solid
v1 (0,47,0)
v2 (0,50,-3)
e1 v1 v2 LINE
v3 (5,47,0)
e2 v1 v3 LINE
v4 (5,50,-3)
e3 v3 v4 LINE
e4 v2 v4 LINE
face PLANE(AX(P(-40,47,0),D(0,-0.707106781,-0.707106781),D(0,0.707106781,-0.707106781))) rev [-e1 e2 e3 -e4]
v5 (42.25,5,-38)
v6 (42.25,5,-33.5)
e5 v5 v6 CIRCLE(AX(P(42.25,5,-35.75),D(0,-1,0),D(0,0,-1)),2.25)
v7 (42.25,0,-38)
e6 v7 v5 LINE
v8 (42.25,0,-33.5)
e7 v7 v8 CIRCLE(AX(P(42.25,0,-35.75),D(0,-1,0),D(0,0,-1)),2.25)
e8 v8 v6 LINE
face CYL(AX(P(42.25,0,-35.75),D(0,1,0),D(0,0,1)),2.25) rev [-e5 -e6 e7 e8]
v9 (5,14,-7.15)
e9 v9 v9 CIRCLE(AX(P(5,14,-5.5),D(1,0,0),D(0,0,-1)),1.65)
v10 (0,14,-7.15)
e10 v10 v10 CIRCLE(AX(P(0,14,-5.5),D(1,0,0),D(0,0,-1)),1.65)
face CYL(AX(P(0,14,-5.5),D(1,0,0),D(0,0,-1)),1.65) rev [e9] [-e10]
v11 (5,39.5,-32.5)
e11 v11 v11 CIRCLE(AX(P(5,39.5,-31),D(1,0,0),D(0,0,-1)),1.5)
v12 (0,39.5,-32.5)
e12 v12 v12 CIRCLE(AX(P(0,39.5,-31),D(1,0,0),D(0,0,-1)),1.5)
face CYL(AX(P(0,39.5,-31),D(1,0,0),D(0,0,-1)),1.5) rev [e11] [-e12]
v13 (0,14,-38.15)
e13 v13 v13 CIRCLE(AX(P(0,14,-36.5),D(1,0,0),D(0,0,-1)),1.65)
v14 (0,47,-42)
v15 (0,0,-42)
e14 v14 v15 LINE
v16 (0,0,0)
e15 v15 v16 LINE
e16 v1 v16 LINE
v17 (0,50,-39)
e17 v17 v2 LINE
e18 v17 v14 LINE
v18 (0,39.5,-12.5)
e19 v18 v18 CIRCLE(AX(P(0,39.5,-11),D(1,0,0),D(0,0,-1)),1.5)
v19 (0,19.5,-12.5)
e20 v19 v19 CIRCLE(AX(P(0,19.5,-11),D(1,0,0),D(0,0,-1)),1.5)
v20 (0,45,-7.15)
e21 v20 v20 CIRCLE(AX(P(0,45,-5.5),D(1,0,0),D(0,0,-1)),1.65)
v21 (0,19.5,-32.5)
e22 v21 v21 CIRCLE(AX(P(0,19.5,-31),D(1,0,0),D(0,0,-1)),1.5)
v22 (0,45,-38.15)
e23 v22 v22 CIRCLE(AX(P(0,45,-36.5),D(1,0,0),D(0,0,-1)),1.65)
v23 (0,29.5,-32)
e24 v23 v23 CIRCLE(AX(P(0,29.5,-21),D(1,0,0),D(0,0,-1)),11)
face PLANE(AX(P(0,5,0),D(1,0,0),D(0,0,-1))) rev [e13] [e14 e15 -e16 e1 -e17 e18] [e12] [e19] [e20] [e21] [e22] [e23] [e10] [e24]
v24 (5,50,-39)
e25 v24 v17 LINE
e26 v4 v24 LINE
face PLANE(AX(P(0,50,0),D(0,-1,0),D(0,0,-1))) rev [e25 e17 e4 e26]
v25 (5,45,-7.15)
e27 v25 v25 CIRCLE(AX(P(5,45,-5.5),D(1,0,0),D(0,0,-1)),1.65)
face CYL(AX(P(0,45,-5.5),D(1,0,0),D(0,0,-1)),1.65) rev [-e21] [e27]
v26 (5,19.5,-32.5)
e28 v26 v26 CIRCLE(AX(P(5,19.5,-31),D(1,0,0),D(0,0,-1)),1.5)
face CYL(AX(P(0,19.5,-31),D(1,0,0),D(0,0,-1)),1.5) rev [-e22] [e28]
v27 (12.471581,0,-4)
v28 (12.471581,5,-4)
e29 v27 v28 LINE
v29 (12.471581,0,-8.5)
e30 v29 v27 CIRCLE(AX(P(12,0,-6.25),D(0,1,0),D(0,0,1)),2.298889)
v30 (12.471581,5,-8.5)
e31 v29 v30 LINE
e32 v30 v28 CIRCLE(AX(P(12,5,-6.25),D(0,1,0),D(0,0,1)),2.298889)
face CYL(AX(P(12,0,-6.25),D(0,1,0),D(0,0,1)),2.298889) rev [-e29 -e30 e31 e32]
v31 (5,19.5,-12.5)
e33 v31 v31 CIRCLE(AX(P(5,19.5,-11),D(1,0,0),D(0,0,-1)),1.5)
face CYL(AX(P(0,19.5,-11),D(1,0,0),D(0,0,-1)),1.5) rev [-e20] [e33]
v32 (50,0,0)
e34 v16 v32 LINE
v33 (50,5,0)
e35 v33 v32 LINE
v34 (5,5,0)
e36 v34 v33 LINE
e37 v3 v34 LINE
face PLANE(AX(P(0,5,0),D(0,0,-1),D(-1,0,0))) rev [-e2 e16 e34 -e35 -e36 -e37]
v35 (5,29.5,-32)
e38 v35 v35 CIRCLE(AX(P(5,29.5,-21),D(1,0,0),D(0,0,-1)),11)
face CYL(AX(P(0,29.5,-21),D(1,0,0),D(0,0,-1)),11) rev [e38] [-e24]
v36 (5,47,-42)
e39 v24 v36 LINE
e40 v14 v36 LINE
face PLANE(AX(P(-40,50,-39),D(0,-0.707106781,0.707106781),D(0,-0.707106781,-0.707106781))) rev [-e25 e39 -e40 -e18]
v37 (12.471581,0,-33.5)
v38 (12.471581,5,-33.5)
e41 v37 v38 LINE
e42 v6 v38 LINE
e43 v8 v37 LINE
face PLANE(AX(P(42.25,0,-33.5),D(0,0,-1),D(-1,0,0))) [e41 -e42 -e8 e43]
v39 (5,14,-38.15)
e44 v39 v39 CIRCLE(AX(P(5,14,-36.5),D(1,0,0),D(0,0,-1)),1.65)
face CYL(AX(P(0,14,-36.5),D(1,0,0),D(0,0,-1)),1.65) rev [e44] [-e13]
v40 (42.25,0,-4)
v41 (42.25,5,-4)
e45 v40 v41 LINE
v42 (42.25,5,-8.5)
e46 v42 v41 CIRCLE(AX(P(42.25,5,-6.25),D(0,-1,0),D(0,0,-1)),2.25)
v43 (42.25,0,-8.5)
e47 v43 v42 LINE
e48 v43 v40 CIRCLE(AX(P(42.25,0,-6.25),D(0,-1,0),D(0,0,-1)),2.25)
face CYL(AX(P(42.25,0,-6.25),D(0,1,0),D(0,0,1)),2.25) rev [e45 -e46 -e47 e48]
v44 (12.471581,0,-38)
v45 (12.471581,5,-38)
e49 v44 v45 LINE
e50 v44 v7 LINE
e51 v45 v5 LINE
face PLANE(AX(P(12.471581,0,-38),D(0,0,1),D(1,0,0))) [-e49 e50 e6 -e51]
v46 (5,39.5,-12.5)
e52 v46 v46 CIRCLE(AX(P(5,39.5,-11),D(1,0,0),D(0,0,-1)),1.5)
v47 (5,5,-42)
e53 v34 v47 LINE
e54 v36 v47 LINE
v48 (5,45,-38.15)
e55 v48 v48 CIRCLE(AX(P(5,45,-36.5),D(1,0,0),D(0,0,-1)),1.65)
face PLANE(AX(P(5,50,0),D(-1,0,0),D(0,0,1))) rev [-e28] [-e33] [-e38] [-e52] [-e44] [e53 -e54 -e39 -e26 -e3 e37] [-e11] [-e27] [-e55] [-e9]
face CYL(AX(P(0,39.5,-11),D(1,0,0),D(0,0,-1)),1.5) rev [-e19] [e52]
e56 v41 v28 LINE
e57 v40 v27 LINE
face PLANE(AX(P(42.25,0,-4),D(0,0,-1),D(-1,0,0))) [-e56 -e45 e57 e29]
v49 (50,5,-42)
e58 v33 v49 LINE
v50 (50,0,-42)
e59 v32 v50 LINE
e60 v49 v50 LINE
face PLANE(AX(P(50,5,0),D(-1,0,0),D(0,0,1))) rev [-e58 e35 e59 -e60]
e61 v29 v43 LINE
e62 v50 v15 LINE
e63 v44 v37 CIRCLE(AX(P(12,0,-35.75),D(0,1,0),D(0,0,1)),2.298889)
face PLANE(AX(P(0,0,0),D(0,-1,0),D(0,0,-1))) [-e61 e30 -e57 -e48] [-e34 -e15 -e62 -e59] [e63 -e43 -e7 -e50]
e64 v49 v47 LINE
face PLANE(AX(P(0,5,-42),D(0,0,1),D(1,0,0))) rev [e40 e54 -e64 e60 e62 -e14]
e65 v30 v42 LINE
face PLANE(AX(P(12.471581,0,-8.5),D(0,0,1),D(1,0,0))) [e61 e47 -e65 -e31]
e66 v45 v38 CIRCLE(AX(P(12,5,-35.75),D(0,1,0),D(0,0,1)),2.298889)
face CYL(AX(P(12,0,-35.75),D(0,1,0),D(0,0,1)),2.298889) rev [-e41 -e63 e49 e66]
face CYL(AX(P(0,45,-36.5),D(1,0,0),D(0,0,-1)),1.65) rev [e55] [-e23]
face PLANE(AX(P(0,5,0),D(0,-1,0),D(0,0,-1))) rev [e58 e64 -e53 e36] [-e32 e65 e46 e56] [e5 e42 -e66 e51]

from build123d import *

# Parameters (mm, degrees)
SKETCH1_W           = 50
SKETCH1_H           = 42
BOSS_EXTRUDE1_DEPTH = 5
SKETCH2_W           = 5
SKETCH2_H           = 42
BOSS_EXTRUDE2_DEPTH = 45
CUT_EXTRUDE1_DEPTH  = 45
CUT_EXTRUDE3_DEPTH  = 6
SKETCH7_R           = 11
SKETCH7_R_2         = 1.65
SKETCH7_R_3         = 1.5
CUT_EXTRUDE4_DEPTH  = 6


with BuildPart() as part:
    # Sketch1 → Boss-Extrude1 (new body)
    with BuildSketch(Plane(origin=(0, 0, 0), x_dir=(1, 0, 0), z_dir=(0, 1, 0))):
        with Locations((25, 21)):
            Rectangle(SKETCH1_W, SKETCH1_H)
    extrude(amount=BOSS_EXTRUDE1_DEPTH)

    # Sketch2 → Boss-Extrude2 (add)
    with BuildSketch(Plane(origin=(0, 5, 0), x_dir=(1, 0, 0), z_dir=(0, 1, 0))):
        with Locations((2.5, 21)):
            Rectangle(SKETCH2_W, SKETCH2_H)
    extrude(amount=BOSS_EXTRUDE2_DEPTH)

    # Sketch3 → Cut-Extrude1 (cut)
    with BuildSketch(Plane(origin=(5, 0, 0), x_dir=(0, 0, -1), z_dir=(1, 0, 0))):
        Polygon((0, 47), (3, 50), (0, 50), align=None)
        Polygon((42, 50), (39, 50), (42, 47), align=None)
    extrude(amount=-CUT_EXTRUDE1_DEPTH, mode=Mode.SUBTRACT)

    # Sketch4 → Cut-Extrude3 (cut, through all)
    with BuildSketch(Plane(origin=(0, 5, 0), x_dir=(1, 0, 0), z_dir=(0, 1, 0))):
        with BuildLine():
            Line((12.471581484, 8.5), (42.25, 8.5))
            ThreePointArc((42.25, 8.5), (44.5, 6.25), (42.25, 4))
            Line((42.25, 4), (12.471581484, 4))
            ThreePointArc((12.471581484, 4), (9.701111334, 6.25), (12.471581484, 8.5))
        make_face()
        with BuildLine():
            Line((12.471581484, 38), (42.25, 38))
            ThreePointArc((42.25, 38), (44.5, 35.75), (42.25, 33.5))
            Line((42.25, 33.5), (12.471581484, 33.5))
            ThreePointArc((12.471581484, 33.5), (9.701111334, 35.75), (12.471581484, 38))
        make_face()
    extrude(amount=-CUT_EXTRUDE3_DEPTH, mode=Mode.SUBTRACT)

    # Sketch7 → Cut-Extrude4 (cut, through all)
    with BuildSketch(Plane(origin=(5, 0, 0), x_dir=(0, 0, -1), z_dir=(1, 0, 0))):
        with Locations((21, 29.5)):
            Circle(SKETCH7_R)
        with Locations((5.5, 45)):
            Circle(SKETCH7_R_2)
        with Locations((31, 39.5)):
            Circle(SKETCH7_R_3)
        with Locations((5.5, 14)):
            Circle(SKETCH7_R_2)
        with Locations((31, 19.5)):
            Circle(SKETCH7_R_3)
        with Locations((36.5, 14)):
            Circle(SKETCH7_R_2)
        with Locations((11, 19.5)):
            Circle(SKETCH7_R_3)
        with Locations((11, 39.5)):
            Circle(SKETCH7_R_3)
        with Locations((36.5, 45)):
            Circle(SKETCH7_R_2)
    extrude(amount=-CUT_EXTRUDE4_DEPTH, mode=Mode.SUBTRACT)


solid = part.part
